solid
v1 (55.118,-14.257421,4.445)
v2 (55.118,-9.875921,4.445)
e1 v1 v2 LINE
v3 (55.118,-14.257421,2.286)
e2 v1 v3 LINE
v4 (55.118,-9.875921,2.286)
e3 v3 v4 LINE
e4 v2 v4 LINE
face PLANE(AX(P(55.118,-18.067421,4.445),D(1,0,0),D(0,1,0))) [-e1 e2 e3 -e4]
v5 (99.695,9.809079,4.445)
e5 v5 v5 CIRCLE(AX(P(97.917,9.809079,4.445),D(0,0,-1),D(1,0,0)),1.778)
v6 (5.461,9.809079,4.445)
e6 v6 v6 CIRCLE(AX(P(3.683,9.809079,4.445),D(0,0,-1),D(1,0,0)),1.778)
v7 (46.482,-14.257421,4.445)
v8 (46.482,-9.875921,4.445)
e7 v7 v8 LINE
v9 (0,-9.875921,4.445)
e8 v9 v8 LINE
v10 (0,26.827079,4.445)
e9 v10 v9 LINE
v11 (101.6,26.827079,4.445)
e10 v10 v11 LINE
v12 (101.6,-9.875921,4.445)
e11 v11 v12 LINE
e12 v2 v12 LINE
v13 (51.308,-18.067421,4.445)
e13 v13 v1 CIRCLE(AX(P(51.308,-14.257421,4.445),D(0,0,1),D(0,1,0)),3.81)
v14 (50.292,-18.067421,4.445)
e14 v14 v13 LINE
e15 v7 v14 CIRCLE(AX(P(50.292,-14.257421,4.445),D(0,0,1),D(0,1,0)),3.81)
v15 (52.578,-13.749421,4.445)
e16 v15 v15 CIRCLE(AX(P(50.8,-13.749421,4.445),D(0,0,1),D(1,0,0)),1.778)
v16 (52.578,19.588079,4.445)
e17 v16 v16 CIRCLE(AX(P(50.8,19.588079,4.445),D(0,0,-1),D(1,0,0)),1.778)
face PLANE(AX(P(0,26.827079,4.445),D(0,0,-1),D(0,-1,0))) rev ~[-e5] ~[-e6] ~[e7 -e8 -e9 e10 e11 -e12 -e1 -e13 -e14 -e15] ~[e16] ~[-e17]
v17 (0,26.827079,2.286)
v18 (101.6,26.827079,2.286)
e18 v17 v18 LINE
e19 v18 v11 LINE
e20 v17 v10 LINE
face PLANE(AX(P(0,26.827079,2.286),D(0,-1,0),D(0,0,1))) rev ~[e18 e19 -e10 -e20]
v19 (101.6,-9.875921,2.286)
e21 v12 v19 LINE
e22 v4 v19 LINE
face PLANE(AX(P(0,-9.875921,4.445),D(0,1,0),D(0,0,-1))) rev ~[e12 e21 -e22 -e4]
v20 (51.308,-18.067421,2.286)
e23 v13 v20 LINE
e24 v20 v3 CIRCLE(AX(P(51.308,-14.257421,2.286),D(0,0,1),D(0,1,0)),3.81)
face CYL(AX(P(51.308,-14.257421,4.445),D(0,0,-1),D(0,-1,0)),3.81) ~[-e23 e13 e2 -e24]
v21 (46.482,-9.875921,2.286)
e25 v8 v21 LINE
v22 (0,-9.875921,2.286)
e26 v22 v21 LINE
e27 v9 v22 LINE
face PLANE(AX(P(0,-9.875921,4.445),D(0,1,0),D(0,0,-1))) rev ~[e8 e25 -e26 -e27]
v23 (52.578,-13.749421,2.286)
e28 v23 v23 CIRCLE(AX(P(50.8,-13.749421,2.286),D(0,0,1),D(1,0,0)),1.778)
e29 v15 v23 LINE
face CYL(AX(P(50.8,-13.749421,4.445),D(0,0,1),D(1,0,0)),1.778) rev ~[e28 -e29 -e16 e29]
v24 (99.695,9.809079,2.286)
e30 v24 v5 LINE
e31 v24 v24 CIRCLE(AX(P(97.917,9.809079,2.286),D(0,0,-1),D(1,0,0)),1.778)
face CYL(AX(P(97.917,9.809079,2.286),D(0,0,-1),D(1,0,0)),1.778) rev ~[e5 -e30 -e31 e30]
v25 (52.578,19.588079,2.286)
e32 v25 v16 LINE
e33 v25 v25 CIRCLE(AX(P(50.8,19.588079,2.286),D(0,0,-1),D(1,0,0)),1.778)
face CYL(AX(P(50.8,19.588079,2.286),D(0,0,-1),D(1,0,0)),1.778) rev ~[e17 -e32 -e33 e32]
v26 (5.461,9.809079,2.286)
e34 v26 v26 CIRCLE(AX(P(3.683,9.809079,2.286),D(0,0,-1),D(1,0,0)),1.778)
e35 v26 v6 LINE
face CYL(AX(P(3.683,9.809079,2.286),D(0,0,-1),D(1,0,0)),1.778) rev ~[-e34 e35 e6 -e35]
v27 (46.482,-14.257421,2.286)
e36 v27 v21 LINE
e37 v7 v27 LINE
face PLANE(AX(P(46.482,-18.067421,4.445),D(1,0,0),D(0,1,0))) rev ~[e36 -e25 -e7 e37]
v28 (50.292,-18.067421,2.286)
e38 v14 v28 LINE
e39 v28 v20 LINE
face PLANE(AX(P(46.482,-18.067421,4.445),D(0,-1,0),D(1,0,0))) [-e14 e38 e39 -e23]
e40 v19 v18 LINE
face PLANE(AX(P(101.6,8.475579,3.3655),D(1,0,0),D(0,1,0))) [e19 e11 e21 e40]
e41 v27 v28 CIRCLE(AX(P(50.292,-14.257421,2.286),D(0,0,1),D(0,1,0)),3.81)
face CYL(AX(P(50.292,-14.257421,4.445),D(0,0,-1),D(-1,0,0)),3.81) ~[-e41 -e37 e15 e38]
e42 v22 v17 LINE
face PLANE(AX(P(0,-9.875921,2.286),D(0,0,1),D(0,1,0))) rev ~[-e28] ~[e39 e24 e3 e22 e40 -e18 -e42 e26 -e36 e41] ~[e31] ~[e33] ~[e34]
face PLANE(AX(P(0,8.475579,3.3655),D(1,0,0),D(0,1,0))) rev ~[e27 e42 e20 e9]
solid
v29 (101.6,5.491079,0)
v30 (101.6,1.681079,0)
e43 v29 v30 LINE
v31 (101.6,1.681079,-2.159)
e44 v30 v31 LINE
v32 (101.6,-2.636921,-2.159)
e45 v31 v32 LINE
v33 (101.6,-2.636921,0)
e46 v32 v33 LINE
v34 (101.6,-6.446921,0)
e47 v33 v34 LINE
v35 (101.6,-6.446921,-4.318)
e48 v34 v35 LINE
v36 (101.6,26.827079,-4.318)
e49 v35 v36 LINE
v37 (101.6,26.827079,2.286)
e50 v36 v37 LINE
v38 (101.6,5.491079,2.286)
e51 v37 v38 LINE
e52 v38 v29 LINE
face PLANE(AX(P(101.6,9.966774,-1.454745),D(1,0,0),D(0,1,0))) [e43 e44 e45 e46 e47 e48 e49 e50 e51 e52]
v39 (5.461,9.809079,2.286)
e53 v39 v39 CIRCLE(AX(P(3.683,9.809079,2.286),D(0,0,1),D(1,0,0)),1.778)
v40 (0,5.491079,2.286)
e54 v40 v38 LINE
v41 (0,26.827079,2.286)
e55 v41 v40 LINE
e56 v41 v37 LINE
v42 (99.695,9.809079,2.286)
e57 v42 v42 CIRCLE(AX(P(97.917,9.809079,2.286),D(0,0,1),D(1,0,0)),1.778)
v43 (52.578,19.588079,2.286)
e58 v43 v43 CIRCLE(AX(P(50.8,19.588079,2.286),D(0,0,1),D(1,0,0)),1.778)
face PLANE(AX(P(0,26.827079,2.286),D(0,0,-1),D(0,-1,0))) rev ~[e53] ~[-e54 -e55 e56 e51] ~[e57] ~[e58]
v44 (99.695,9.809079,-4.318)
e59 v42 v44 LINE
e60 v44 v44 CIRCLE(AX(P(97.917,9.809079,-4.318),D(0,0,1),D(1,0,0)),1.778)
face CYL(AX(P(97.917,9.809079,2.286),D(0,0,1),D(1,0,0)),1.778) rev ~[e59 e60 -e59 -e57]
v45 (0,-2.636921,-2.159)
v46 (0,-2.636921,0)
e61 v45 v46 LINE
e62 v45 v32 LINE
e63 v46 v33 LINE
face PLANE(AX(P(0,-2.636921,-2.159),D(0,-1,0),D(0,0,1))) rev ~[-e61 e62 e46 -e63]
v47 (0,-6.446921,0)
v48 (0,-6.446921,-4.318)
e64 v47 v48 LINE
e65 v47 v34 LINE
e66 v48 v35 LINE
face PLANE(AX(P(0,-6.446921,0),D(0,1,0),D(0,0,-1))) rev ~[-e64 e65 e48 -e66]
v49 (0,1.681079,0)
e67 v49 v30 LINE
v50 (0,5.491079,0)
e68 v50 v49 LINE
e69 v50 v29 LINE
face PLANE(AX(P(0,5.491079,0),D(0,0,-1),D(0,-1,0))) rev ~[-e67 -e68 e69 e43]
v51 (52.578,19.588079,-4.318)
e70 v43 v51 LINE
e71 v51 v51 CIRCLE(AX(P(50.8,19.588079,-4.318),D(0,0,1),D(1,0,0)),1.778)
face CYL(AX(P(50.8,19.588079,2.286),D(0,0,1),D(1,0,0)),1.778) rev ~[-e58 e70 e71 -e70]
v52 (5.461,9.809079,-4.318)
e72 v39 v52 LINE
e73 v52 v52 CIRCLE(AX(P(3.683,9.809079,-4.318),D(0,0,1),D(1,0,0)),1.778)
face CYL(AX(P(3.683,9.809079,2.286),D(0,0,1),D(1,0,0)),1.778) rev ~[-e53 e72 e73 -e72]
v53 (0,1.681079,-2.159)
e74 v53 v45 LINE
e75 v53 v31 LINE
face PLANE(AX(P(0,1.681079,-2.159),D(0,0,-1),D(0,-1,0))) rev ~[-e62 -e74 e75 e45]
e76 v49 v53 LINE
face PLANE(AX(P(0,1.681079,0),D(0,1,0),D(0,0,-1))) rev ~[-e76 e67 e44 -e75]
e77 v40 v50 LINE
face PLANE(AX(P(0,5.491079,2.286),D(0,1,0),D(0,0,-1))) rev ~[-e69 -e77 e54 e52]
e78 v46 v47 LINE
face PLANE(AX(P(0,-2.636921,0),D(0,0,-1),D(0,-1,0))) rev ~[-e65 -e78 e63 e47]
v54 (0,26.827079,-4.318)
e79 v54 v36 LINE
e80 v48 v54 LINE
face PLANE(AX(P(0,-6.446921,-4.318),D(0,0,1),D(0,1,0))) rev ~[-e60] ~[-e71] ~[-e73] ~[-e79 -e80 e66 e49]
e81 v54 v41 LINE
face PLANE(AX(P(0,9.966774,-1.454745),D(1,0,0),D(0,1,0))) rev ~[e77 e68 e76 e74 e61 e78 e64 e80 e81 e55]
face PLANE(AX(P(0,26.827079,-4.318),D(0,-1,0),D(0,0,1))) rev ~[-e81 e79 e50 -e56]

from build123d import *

# Parameters (mm, degrees)
F1_DEPTH = 101.6
F2_R     = 1.778
F3_DEPTH = 6.605
F5_DEPTH = 101.6
F6_R     = 1.778
F7_DEPTH = 2.16
F8_W     = 8.636
F8_H     = 8.1915
F8_R     = 1.778
F9_DEPTH = 2.159
F10_R    = 3.81


with BuildPart() as f1:
    # F0 (on Right) → F1 (new body)
    with BuildSketch(Plane.YZ):
        Polygon((-6.446921, 0), (-6.446921, -4.318), (26.827079, -4.318), (26.827079, 0), (26.827079, 2.286), (5.491079, 2.286), (5.491079, 0), (1.681079, 0), (1.681079, -2.159), (-2.636921, -2.159), (-2.636921, 0), align=None)
    extrude(amount=F1_DEPTH)

    # F2 (on face) → F3 (cut, through all)
    with BuildSketch(Plane.XY.offset(2.286)):
        with Locations((97.917, 9.809079)):
            Circle(F2_R)
        with Locations((3.683, 9.809079)):
            Circle(F2_R)
        with Locations((50.8, 19.588079)):
            Circle(F2_R)
    extrude(amount=-F3_DEPTH, mode=Mode.SUBTRACT)


with BuildPart() as f5:
    # F4 (on Right) → F5 (new body, through all)
    with BuildSketch(Plane.YZ):
        Polygon((-9.875921, 4.445), (-9.875921, 2.286), (5.491079, 2.286), (26.827079, 2.286), (26.827079, 4.445), align=None)
    extrude(amount=F5_DEPTH)

    # F6 (on face) → F7 (cut, through all)
    with BuildSketch(Plane(origin=(0, 0, 2.286), x_dir=(1, 0, 0), z_dir=(0, 0, -1))):
        with Locations((97.917, -9.809079)):
            Circle(F6_R)
        with Locations((3.683, -9.809079)):
            Circle(F6_R)
        with Locations((50.8, -19.588079)):
            Circle(F6_R)
    extrude(amount=-F7_DEPTH, mode=Mode.SUBTRACT)

    # F8 (on face) → F9 (join, through all)
    with BuildSketch(Plane.XY.offset(4.445)):
        with Locations((50.8, -13.971671)):
            Rectangle(F8_W, F8_H)
        with Locations((50.8, -13.749421)):
            Circle(F8_R, mode=Mode.SUBTRACT)
    extrude(amount=-F9_DEPTH)

    # F10
    f10_edges = [f5.edges().sort_by_distance(p)[0] for p in [
        (55.118, -18.067421, 3.3655),
        (46.482, -18.067421, 3.3655),
    ]]
    fillet(f10_edges, radius=F10_R)


solid = Compound([f1.part, f5.part])
